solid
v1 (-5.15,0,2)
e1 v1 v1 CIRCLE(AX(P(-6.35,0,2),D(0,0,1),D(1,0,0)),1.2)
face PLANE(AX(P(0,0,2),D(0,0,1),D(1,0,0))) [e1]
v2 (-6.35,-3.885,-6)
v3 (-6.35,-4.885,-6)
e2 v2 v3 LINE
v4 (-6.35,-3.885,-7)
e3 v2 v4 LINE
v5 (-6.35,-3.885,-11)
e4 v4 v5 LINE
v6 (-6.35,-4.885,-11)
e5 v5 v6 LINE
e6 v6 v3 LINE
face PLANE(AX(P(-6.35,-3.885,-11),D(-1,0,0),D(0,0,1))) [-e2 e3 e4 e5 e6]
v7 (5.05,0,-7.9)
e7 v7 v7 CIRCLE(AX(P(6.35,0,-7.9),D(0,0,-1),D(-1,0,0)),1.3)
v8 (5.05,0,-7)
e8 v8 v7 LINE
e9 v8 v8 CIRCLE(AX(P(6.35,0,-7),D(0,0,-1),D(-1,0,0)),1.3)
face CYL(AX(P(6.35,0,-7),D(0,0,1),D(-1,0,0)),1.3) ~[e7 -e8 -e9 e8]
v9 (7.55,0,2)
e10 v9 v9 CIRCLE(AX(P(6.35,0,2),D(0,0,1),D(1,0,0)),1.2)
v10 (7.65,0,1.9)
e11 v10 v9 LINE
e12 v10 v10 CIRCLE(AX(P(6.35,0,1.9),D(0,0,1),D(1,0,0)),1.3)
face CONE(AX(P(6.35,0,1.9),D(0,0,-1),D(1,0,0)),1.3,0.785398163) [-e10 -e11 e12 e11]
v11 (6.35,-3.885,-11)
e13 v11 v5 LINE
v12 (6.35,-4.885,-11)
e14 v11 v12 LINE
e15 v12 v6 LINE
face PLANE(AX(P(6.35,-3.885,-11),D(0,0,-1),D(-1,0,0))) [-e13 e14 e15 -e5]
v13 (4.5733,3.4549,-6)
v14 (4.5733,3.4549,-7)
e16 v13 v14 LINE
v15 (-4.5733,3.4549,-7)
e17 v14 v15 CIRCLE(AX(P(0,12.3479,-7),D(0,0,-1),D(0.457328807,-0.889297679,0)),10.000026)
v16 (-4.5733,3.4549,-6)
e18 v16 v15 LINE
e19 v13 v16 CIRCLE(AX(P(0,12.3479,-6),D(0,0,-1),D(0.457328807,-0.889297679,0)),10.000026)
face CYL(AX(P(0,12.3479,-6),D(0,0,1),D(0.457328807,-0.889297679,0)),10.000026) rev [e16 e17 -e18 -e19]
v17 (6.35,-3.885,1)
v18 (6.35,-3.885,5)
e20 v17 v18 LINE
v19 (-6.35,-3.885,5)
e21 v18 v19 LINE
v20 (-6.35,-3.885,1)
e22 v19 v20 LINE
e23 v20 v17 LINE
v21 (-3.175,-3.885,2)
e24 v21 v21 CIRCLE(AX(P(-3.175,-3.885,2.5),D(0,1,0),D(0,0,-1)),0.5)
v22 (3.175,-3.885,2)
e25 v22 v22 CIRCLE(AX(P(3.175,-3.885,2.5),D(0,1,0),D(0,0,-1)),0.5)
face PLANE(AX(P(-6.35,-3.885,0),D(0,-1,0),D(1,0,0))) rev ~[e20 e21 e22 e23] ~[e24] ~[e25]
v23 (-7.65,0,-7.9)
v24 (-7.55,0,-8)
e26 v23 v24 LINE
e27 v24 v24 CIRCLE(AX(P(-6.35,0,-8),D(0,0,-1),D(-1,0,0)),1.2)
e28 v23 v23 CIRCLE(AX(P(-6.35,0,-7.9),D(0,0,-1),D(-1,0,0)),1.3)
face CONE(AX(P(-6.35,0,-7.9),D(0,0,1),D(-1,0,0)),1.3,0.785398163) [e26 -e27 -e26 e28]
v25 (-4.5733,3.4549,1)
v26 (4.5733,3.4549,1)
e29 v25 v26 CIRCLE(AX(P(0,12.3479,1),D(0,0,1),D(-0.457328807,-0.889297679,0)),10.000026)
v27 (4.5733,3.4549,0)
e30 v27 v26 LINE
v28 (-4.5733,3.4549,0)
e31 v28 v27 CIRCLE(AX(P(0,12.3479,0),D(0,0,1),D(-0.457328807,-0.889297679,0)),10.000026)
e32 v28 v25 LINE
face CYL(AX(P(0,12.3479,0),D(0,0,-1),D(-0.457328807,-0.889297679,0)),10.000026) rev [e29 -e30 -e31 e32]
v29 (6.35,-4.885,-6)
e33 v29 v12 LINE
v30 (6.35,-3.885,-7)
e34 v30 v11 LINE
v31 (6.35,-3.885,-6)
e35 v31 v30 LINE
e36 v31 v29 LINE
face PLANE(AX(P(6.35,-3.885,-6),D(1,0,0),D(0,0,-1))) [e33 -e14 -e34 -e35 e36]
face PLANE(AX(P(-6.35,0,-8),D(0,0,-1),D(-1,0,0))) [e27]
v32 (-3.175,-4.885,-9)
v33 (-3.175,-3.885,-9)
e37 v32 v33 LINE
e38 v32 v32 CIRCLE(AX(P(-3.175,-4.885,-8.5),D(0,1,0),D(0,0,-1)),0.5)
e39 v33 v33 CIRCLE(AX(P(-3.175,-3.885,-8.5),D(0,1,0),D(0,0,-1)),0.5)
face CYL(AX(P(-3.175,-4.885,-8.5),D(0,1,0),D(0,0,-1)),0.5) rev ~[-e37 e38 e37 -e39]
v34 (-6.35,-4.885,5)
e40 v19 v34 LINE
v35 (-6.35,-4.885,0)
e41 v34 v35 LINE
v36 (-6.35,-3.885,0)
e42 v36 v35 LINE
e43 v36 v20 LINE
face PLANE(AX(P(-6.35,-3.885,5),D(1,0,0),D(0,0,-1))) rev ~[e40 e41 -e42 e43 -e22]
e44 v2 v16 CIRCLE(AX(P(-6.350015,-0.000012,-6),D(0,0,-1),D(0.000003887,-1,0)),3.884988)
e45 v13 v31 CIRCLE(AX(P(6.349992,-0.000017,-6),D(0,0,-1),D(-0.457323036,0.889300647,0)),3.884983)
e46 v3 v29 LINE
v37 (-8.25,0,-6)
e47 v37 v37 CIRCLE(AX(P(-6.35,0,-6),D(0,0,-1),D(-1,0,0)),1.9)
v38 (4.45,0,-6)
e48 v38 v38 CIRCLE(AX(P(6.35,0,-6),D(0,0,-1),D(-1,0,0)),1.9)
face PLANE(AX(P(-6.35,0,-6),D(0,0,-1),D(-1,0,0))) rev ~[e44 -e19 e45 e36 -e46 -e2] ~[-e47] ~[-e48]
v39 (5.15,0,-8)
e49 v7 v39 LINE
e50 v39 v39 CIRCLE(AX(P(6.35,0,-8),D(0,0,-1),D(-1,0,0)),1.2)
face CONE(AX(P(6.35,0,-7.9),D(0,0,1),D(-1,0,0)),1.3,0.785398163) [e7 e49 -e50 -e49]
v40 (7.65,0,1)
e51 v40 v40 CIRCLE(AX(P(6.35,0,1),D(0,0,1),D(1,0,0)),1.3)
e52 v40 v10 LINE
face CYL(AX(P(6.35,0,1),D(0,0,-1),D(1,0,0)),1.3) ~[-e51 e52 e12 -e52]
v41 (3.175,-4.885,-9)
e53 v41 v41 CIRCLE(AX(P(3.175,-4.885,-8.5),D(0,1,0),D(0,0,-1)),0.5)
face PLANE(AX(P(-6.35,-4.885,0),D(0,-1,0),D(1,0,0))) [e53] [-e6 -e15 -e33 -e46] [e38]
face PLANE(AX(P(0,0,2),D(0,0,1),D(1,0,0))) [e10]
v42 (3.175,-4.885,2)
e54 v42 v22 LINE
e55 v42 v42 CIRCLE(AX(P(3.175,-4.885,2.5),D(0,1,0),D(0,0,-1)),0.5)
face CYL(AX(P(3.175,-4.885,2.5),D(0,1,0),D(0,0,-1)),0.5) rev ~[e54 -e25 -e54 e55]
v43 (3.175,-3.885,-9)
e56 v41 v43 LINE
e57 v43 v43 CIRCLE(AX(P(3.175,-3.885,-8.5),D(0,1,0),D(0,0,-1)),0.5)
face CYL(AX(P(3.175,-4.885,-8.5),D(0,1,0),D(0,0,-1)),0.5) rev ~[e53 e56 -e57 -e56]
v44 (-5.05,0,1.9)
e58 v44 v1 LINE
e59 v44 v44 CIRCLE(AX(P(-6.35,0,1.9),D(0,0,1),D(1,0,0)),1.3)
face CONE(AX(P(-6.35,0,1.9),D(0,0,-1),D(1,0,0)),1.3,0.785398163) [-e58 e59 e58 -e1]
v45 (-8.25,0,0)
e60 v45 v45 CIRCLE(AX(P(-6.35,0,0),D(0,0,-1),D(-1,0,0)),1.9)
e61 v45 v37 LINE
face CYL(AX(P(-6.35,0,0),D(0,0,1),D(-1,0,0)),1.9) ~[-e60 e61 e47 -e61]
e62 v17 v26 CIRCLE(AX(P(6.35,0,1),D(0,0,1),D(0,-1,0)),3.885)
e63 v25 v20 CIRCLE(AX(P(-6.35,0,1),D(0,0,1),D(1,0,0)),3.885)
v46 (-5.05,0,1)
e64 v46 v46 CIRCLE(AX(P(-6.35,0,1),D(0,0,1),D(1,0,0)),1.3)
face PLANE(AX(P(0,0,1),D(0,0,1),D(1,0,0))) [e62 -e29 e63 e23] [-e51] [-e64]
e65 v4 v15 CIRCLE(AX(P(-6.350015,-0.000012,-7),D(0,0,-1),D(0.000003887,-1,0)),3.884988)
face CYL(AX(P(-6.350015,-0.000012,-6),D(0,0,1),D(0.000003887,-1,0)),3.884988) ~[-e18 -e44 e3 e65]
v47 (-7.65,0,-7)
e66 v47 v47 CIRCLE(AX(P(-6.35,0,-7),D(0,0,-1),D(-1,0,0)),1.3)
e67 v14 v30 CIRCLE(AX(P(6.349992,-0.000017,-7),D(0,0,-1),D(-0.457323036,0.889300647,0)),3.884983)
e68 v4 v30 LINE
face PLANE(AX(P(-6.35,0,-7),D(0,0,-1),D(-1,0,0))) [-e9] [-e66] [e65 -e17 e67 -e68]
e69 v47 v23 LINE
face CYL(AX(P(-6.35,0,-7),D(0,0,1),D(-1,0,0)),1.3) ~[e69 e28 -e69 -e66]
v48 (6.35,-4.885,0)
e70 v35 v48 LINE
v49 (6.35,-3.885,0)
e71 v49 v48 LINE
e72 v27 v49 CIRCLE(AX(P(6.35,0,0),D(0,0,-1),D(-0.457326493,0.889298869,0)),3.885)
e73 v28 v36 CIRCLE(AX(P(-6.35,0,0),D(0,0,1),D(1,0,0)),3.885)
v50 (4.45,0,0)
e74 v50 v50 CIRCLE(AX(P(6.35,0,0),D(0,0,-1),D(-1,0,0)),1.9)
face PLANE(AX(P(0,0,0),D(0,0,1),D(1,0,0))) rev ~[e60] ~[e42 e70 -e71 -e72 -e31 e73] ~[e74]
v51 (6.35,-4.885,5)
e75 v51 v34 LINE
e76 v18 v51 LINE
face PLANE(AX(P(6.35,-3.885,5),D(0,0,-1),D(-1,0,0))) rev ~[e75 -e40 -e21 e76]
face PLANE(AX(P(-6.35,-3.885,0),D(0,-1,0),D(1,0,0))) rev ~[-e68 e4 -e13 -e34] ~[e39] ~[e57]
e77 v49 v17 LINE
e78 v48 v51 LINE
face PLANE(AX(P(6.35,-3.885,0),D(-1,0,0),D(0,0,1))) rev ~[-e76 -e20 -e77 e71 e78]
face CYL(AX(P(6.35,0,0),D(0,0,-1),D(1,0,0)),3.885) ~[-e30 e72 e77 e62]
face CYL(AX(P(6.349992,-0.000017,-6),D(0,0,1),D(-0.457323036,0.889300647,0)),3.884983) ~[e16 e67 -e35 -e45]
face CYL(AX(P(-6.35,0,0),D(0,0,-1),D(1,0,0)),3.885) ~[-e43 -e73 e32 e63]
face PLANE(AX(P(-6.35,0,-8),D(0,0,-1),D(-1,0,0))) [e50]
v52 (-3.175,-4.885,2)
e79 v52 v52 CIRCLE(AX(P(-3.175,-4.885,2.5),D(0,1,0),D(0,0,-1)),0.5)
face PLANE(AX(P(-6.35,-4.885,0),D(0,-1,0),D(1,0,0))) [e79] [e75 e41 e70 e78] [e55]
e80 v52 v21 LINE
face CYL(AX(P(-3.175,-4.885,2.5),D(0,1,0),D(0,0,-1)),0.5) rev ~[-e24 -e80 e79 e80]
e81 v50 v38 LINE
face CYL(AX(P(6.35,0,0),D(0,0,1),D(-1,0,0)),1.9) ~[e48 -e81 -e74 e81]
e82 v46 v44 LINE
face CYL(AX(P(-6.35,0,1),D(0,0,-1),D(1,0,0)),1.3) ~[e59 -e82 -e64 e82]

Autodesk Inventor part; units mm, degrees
ref_plane "YZ Plane" through (0, 0, 0) normal (1, 0, 0) x (0, 1, 0)
ref_plane "XZ Plane" through (0, 0, 0) normal (0, 1, 0) x (-1, 0, 0)
sketch "Sketch1" plane through (0, 0, 0) normal (0, 0, 1) x (1, 0, 0)
  circle A0 centre (-6.35, 0) radius 3.885
  circle A1 centre (6.35, 0) radius 3.885
  arc A2 (-4.5733, 3.4549) -> (4.5733, 3.4549) centre (0, 12.3479) ccw
  line L0 (-6.35, -3.885) -> (6.35, -3.885)
  point P0 (0, 0)
  dimension "d0" = 7.77
  dimension "d1" = 6.35
  dimension "d2" = 7.77
  dimension "d3" = 6.35
  dimension "d4" = 20
  dimension "d5" = 0
  dimension "d6" = 0
extrude "Extrusion1" add sketch "Sketch1" along normal blind 1
sketch "Sketch2" plane through (0, 0, 0) normal (0, 0, -1) x (-1, 0, 0)
  arc A0 (-4.5733, 3.4549) -> (-6.35, -3.885) centre (-6.35, 0) ccw projected
  arc A1 (6.35, -3.885) -> (4.5733, 3.4549) centre (6.35, 0) ccw projected
  circle A2 centre (-6.35, 0) radius 1.9
  circle A3 centre (6.35, 0) radius 1.9
  point P0 (-4.5733, -3.4549)
  point P1 (4.5733, -3.4549)
  point P2 (0, 0)
  dimension "d10" = 3.8
  dimension "d11" = 3.8
extrude "Extrusion2" add sketch "Sketch2" along normal blind 6
sketch "Sketch3" plane through (-6.35, 0, -6) normal (0, 0, -1) x (-1, 0, 0)
  circle A0 centre (-12.7, 0) radius 1.9 projected
  circle A1 centre (0, 0) radius 1.9 projected
  arc A2 (-10.9233, 3.4549) -> (-1.7767, 3.4549) centre (-6.35, 12.3479) ccw projected
  arc A3 (-10.9233, 3.4549) -> (-12.7, -3.885) centre (-12.7, 0) ccw projected
  arc A4 (0, -3.885) -> (-1.7767, 3.4549) centre (0, 0) ccw projected
  line L0 (0, -3.885) -> (-12.7, -3.885) projected
  point P0 (-6.35, 0)
extrude "Extrusion3" add sketch "Sketch3" along normal blind 1 contours A0 | A1 | A2 A4 L0 A3
sketch "Sketch4" plane through (0, 0, 1) normal (0, 0, 1) x (1, 0, 0)
  arc A0 (-4.5733, 3.4549) -> (-6.35, -3.885) centre (-6.35, 0) ccw projected
  arc A1 (6.35, -3.885) -> (4.5733, 3.4549) centre (6.35, 0) ccw projected
  circle A2 centre (-6.35, 0) radius 1.3
  circle A3 centre (6.35, 0) radius 1.3
  point P0 (-4.5733, -3.4549)
  point P1 (4.5733, -3.4549)
  point P2 (0, 0)
  dimension "d16" = 2.6
  dimension "d17" = 2.6
extrude "Extrusion4" add sketch "Sketch4" along normal blind 1
sketch "Sketch5" plane through (-6.35, 0, -7) normal (0, 0, -1) x (-1, 0, 0)
  arc A0 (-10.9233, 3.4549) -> (-12.7, -3.885) centre (-12.7, 0) ccw projected
  arc A1 (0, -3.885) -> (-1.7767, 3.4549) centre (0, 0) ccw projected
  circle A2 centre (-12.7, 0) radius 1.3
  circle A3 centre (0, 0) radius 1.3
  point P0 (-10.9233, -3.4549)
  point P1 (-1.7767, -3.4549)
  point P2 (-6.35, 0)
  dimension "d20" = 2.6
  dimension "d21" = 2.6
extrude "Extrusion5" add sketch "Sketch5" along normal blind 1
chamfer "Chamfer1" distance 0.1 angle 45 2 edges at (7.65, 0, -8) (-5.05, 0, -8)
chamfer "Chamfer2" distance 0.1 angle 45 2 edges at (5.05, 0, 2) (-7.65, 0, 2)
ref_plane "Work Plane1" through (0, 0, -3) normal (0, 0, 1) x (1, 0, 0)
sketch "Skizze6" plane through (-6.35, -3.885, 0) normal (0, -1, 0) x (1, 0, 0)
  line L0 (0, 0) -> (12.7, 0)
  line L1 (12.7, 0) -> (12.7, 5)
  line L2 (12.7, 5) -> (0, 5)
  line L3 (0, 5) -> (0, 0)
  line L4 (0, -6) -> (0, -7) projected
  line L5 (0, -6) -> (12.7, -6)
  line L6 (12.7, -6) -> (12.7, -11)
  line L7 (12.7, -11) -> (0, -11)
  line L8 (0, -11) -> (0, -6)
  point P0 (6.35, 0)
  dimension "d31" = 5
  dimension "d32" = 12.7
  dimension "d33" = 12.7
  dimension "d34" = 5
extrude "Extrusion6" add sketch "Skizze6" along normal blind 1
sketch "Skizze7" plane through (-6.35, -4.885, 0) normal (0, -1, 0) x (1, 0, 0)
  line L0 (6.35, 0) -> (6.35, 2.5)
  line L1 (6.35, 2.5) -> (3.175, 2.5)
  line L2 (6.35, 2.5) -> (9.525, 2.5)
  line L3 (10.9233, -6) -> (1.7767, -6) projected
  line L4 (6.35, -6) -> (6.35, -8.5)
  line L5 (6.35, -8.5) -> (3.175, -8.5)
  line L6 (6.35, -8.5) -> (9.525, -8.5)
  dimension "d37" = 2.5
  dimension "d38" = 3.175
  dimension "d39" = 3.175
  dimension "d40" = 2.5
  dimension "d41" = 3.175
  dimension "d42" = 3.175
hole "Bohrung1" at (3.175, -4.885, -8.5) at (-3.175, -4.885, -8.5) at (3.175, -4.885, 2.5) at (-3.175, -4.885, 2.5) direction (0, 1, 0) diameter 1 end through all
equation "\"d2\" = d0"
equation "\"d3\" = d1"
equation "\"d11\" = d10"
equation "\"d17\" = d16"
equation "\"d20\" = d16"
equation "\"d21\" = d16"
properties part number "ConnectingLinks"
